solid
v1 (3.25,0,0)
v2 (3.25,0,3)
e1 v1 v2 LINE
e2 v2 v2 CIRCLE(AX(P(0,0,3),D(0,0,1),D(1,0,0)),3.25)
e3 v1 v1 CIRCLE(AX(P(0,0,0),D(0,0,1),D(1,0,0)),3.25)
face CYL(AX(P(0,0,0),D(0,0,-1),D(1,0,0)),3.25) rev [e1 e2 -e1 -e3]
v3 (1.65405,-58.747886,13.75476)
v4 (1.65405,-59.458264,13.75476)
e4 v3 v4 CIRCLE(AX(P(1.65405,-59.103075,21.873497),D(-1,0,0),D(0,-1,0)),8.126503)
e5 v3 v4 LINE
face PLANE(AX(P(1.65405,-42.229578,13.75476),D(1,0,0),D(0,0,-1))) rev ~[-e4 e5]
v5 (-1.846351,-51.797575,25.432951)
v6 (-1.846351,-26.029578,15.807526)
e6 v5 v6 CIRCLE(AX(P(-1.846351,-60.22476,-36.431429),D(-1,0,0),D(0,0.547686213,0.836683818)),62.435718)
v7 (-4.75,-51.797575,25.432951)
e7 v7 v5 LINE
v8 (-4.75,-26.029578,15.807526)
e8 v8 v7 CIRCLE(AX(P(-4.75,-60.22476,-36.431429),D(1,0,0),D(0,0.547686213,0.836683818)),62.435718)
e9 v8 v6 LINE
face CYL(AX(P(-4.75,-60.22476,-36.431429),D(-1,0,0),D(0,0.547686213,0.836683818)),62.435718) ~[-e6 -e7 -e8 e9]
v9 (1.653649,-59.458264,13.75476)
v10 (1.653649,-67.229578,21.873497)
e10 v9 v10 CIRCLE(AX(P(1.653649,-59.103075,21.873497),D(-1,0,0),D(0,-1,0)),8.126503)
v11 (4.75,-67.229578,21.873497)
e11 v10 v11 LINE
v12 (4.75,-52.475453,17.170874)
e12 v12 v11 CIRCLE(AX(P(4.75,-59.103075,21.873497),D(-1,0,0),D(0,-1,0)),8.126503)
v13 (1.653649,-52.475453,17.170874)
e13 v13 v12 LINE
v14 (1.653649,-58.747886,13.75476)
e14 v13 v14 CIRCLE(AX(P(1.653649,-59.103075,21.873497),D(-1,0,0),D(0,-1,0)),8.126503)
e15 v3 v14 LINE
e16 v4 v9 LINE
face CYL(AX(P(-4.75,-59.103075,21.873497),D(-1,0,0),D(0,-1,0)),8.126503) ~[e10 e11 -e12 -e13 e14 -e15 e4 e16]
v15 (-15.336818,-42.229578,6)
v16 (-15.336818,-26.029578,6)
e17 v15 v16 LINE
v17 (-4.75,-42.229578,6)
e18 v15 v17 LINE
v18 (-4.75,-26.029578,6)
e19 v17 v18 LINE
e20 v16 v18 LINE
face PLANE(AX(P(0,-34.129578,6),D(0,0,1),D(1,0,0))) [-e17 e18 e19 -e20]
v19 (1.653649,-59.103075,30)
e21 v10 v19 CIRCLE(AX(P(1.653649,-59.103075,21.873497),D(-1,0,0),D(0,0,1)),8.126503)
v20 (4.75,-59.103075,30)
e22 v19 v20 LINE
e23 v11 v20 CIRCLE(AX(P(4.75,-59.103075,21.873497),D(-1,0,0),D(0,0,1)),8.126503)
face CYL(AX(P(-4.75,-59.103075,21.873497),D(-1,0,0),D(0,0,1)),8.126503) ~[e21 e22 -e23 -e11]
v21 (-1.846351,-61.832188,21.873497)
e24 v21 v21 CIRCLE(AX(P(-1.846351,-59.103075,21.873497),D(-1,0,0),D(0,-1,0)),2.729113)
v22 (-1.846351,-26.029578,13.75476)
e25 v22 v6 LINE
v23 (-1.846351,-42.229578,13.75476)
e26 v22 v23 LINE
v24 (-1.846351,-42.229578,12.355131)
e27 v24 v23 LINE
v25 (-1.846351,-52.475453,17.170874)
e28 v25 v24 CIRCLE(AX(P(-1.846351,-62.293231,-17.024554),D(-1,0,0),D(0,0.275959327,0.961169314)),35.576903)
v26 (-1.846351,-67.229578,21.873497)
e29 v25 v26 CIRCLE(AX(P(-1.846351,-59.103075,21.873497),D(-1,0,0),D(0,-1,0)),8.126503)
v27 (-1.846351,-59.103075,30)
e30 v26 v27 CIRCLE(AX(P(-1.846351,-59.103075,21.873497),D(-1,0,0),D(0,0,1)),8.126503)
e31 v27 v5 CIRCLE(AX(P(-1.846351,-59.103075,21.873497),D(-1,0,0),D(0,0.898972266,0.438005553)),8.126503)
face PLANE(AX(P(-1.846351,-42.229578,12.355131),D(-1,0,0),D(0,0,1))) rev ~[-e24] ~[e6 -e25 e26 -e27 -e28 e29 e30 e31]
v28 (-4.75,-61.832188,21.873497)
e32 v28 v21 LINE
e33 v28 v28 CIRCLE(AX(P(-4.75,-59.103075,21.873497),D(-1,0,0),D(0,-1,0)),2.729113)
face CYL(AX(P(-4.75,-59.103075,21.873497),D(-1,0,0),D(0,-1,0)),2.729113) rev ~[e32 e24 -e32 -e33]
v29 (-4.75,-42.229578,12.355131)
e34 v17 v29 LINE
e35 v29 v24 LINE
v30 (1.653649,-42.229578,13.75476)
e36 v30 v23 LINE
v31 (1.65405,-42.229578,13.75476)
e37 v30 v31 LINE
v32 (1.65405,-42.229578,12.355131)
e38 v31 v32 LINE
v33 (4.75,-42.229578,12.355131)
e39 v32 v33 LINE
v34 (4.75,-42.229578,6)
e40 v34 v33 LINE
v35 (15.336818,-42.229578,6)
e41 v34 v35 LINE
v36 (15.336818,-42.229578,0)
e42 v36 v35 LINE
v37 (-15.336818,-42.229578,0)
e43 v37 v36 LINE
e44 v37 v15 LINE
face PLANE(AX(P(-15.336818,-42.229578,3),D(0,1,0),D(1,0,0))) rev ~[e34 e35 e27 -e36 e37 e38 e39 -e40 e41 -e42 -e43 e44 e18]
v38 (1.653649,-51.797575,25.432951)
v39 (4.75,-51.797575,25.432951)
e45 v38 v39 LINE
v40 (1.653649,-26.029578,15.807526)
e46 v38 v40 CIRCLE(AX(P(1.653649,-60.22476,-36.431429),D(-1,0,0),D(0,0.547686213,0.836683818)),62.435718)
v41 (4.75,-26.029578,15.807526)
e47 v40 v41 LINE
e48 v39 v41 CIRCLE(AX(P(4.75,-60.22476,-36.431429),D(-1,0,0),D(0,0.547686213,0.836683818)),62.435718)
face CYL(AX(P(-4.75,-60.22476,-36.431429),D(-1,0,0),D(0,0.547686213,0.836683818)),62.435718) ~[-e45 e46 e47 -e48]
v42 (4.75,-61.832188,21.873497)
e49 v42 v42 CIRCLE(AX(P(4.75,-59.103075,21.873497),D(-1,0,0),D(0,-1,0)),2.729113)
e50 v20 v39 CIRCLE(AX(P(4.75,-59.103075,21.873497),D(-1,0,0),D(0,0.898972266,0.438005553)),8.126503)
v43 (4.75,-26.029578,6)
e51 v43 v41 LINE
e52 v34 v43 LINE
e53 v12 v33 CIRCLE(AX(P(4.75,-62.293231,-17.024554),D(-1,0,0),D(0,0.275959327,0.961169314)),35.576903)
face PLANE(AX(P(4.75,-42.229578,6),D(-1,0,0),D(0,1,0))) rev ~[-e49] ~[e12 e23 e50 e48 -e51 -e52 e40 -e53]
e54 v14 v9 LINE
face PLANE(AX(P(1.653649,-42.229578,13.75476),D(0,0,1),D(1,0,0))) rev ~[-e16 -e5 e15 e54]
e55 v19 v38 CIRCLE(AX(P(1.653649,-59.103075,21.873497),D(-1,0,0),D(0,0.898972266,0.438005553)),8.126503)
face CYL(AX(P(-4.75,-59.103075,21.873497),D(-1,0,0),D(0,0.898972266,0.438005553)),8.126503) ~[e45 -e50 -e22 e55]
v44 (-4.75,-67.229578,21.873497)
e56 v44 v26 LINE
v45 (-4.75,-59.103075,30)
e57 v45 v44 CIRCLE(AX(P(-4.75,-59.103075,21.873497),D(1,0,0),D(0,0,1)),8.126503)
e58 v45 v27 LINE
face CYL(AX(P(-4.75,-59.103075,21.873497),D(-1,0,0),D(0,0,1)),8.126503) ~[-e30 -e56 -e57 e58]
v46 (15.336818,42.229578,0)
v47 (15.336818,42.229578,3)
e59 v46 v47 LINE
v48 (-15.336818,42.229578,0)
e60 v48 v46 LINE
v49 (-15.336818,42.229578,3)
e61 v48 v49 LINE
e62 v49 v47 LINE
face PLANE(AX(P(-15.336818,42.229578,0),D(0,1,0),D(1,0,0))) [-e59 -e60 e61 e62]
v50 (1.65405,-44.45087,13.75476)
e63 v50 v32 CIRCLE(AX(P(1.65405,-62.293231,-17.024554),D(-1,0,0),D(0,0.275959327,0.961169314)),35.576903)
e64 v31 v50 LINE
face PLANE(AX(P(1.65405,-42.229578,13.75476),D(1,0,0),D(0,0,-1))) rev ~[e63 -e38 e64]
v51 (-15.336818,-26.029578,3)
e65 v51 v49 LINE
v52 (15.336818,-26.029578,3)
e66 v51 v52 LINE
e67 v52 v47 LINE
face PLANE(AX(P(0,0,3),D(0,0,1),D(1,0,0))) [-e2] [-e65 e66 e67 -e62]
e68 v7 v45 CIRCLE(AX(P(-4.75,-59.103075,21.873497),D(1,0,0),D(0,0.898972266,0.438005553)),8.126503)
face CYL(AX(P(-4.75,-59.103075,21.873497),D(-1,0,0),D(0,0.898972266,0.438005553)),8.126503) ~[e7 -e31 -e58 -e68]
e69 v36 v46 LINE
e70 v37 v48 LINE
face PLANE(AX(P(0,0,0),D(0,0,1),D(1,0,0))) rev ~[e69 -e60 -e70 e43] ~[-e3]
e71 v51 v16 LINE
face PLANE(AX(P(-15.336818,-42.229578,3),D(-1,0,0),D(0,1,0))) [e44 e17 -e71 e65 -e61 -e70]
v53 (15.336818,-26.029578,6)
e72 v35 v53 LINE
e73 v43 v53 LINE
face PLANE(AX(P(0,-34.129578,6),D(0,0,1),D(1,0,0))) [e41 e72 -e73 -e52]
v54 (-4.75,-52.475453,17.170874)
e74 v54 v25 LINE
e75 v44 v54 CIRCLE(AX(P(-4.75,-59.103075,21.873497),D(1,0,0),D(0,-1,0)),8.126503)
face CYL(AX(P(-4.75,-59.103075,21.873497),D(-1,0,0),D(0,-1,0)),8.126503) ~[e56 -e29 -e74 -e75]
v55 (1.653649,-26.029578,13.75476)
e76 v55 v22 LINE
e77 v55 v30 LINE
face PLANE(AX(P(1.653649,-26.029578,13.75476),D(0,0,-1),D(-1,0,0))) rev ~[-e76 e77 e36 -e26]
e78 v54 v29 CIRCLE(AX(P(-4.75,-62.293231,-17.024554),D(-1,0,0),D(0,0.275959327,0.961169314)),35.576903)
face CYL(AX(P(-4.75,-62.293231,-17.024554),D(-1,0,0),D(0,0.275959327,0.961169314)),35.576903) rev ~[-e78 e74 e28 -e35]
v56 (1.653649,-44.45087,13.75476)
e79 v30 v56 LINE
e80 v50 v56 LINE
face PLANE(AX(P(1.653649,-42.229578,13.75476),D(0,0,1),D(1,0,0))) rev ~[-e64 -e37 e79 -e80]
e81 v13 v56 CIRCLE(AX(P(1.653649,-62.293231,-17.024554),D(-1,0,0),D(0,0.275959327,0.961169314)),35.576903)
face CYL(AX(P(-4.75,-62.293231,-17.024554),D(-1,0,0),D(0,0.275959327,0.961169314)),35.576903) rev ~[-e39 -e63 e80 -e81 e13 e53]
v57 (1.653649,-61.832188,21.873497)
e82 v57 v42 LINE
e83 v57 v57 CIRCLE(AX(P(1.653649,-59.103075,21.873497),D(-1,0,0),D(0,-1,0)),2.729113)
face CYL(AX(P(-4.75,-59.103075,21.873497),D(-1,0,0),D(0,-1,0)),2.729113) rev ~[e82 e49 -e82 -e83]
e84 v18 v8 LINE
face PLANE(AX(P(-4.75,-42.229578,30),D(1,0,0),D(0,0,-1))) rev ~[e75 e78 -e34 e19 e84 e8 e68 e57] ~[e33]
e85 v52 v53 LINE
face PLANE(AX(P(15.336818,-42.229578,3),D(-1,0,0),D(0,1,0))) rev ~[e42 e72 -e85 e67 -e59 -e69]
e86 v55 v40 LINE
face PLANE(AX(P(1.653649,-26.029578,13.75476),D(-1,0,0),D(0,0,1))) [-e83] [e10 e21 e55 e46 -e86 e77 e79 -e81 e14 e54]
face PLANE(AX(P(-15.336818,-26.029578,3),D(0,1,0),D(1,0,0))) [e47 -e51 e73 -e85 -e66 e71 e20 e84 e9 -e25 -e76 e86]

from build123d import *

# Parameters (mm, degrees)
F0_W      = 30.6736361235
F0_H      = 84.459155798
F0_R      = 3.25
F1_DEPTH  = 3
F2_W      = 30.6736361235
F2_H      = 16.2
F3_DEPTH  = 3
F4_W      = 9.5
F4_H      = 16.2
F5_DEPTH  = 24
F6_W      = 3.5
F6_H      = 16.2452395454
F7_DEPTH  = 18
F9_DEPTH  = 25
F10_R     = 2.7291125689
F11_DEPTH = 20.0878180618


with BuildPart() as f1:
    # F0 (on Top) → F1 (new body)
    with BuildSketch(Plane.XY):
        Rectangle(F0_W, F0_H)
        Circle(F0_R, mode=Mode.SUBTRACT)
    extrude(amount=F1_DEPTH)

    # F2 (on face) → F3 (join)
    with BuildSketch(Plane.XY.offset(3)):
        with Locations((0, -34.129577899)):
            Rectangle(F2_W, F2_H)
    extrude(amount=F3_DEPTH)

    # F4 (on face) → F5 (join)
    with BuildSketch(Plane.XY.offset(6)):
        with Locations((0, -34.129577899)):
            Rectangle(F4_W, F4_H)
    extrude(amount=F5_DEPTH)

    # F6 (on face) → F7 (cut)
    with BuildSketch(Plane(origin=(0, -26.029577899, 0), x_dir=(-1, 0, 0), z_dir=(0, 1, 0))):
        with Locations((0.0963514363, 21.8773802273)):
            Rectangle(F6_W, F6_H)
    extrude(amount=-F7_DEPTH, mode=Mode.SUBTRACT)

    # F8 (on face) → F9 (join)
    with BuildSketch(Plane.XZ.offset(42.229577899)):
        Polygon((-1.8463514363, 30), (-4.75, 30), (-4.75, 12.3551307052), (-1.8463514363, 12.3551307052), (-1.8463514363, 13.7547604546), align=None)
        Polygon((4.75, 30), (1.6536485637, 30), (1.6536485637, 13.7547604546), (1.6540503129, 13.7547604546), (1.6540503129, 12.3551307052), (4.75, 12.3551307052), align=None)
    extrude(amount=F9_DEPTH)

    # F10 (on face) → F11 (cut, through all)
    with BuildSketch(Plane(origin=(-4.75, 0, 0), x_dir=(0, -1, 0), z_dir=(-1, 0, 0))):
        with BuildLine():
            Line((67.229577899, 30), (59.1030751607, 30))
            ThreePointArc((59.1030751607, 30), (64.8493803543, 27.6198024553), (67.229577899, 21.8734972618))
            Line((67.229577899, 21.8734972618), (67.229577899, 30))
        make_face()
        with BuildLine():
            Line((67.229577899, 12.3551307052), (67.229577899, 21.8734972618))
            ThreePointArc((67.229577899, 21.8734972618), (61.57093405, 14.1307768576), (52.4754527388, 17.1708737613))
            ThreePointArc((52.4754527388, 17.1708737613), (47.1597307325, 15.1731667126), (42.229577899, 12.3551307052))
            Line((42.229577899, 12.3551307052), (67.229577899, 12.3551307052))
        make_face()
        with Locations((59.1030751607, 21.8734972618)):
            Circle(F10_R)
        with BuildLine():
            Line((46.629577899, 30), (42.229577899, 30))
            Line((42.229577899, 30), (26.029577899, 30))
            Line((26.029577899, 30), (26.029577899, 28.4473763433))
            Line((26.029577899, 28.4473763433), (26.029577899, 15.8075261861))
            ThreePointArc((26.029577899, 15.8075261861), (38.3769053646, 22.0569473273), (51.7975745776, 25.4329505884))
            ThreePointArc((51.7975745776, 25.4329505884), (54.7952834092, 28.7642865475), (59.1030751607, 30))
            Line((59.1030751607, 30), (46.629577899, 30))
        make_face()
    extrude(amount=-F11_DEPTH, mode=Mode.SUBTRACT)


solid = f1.part
